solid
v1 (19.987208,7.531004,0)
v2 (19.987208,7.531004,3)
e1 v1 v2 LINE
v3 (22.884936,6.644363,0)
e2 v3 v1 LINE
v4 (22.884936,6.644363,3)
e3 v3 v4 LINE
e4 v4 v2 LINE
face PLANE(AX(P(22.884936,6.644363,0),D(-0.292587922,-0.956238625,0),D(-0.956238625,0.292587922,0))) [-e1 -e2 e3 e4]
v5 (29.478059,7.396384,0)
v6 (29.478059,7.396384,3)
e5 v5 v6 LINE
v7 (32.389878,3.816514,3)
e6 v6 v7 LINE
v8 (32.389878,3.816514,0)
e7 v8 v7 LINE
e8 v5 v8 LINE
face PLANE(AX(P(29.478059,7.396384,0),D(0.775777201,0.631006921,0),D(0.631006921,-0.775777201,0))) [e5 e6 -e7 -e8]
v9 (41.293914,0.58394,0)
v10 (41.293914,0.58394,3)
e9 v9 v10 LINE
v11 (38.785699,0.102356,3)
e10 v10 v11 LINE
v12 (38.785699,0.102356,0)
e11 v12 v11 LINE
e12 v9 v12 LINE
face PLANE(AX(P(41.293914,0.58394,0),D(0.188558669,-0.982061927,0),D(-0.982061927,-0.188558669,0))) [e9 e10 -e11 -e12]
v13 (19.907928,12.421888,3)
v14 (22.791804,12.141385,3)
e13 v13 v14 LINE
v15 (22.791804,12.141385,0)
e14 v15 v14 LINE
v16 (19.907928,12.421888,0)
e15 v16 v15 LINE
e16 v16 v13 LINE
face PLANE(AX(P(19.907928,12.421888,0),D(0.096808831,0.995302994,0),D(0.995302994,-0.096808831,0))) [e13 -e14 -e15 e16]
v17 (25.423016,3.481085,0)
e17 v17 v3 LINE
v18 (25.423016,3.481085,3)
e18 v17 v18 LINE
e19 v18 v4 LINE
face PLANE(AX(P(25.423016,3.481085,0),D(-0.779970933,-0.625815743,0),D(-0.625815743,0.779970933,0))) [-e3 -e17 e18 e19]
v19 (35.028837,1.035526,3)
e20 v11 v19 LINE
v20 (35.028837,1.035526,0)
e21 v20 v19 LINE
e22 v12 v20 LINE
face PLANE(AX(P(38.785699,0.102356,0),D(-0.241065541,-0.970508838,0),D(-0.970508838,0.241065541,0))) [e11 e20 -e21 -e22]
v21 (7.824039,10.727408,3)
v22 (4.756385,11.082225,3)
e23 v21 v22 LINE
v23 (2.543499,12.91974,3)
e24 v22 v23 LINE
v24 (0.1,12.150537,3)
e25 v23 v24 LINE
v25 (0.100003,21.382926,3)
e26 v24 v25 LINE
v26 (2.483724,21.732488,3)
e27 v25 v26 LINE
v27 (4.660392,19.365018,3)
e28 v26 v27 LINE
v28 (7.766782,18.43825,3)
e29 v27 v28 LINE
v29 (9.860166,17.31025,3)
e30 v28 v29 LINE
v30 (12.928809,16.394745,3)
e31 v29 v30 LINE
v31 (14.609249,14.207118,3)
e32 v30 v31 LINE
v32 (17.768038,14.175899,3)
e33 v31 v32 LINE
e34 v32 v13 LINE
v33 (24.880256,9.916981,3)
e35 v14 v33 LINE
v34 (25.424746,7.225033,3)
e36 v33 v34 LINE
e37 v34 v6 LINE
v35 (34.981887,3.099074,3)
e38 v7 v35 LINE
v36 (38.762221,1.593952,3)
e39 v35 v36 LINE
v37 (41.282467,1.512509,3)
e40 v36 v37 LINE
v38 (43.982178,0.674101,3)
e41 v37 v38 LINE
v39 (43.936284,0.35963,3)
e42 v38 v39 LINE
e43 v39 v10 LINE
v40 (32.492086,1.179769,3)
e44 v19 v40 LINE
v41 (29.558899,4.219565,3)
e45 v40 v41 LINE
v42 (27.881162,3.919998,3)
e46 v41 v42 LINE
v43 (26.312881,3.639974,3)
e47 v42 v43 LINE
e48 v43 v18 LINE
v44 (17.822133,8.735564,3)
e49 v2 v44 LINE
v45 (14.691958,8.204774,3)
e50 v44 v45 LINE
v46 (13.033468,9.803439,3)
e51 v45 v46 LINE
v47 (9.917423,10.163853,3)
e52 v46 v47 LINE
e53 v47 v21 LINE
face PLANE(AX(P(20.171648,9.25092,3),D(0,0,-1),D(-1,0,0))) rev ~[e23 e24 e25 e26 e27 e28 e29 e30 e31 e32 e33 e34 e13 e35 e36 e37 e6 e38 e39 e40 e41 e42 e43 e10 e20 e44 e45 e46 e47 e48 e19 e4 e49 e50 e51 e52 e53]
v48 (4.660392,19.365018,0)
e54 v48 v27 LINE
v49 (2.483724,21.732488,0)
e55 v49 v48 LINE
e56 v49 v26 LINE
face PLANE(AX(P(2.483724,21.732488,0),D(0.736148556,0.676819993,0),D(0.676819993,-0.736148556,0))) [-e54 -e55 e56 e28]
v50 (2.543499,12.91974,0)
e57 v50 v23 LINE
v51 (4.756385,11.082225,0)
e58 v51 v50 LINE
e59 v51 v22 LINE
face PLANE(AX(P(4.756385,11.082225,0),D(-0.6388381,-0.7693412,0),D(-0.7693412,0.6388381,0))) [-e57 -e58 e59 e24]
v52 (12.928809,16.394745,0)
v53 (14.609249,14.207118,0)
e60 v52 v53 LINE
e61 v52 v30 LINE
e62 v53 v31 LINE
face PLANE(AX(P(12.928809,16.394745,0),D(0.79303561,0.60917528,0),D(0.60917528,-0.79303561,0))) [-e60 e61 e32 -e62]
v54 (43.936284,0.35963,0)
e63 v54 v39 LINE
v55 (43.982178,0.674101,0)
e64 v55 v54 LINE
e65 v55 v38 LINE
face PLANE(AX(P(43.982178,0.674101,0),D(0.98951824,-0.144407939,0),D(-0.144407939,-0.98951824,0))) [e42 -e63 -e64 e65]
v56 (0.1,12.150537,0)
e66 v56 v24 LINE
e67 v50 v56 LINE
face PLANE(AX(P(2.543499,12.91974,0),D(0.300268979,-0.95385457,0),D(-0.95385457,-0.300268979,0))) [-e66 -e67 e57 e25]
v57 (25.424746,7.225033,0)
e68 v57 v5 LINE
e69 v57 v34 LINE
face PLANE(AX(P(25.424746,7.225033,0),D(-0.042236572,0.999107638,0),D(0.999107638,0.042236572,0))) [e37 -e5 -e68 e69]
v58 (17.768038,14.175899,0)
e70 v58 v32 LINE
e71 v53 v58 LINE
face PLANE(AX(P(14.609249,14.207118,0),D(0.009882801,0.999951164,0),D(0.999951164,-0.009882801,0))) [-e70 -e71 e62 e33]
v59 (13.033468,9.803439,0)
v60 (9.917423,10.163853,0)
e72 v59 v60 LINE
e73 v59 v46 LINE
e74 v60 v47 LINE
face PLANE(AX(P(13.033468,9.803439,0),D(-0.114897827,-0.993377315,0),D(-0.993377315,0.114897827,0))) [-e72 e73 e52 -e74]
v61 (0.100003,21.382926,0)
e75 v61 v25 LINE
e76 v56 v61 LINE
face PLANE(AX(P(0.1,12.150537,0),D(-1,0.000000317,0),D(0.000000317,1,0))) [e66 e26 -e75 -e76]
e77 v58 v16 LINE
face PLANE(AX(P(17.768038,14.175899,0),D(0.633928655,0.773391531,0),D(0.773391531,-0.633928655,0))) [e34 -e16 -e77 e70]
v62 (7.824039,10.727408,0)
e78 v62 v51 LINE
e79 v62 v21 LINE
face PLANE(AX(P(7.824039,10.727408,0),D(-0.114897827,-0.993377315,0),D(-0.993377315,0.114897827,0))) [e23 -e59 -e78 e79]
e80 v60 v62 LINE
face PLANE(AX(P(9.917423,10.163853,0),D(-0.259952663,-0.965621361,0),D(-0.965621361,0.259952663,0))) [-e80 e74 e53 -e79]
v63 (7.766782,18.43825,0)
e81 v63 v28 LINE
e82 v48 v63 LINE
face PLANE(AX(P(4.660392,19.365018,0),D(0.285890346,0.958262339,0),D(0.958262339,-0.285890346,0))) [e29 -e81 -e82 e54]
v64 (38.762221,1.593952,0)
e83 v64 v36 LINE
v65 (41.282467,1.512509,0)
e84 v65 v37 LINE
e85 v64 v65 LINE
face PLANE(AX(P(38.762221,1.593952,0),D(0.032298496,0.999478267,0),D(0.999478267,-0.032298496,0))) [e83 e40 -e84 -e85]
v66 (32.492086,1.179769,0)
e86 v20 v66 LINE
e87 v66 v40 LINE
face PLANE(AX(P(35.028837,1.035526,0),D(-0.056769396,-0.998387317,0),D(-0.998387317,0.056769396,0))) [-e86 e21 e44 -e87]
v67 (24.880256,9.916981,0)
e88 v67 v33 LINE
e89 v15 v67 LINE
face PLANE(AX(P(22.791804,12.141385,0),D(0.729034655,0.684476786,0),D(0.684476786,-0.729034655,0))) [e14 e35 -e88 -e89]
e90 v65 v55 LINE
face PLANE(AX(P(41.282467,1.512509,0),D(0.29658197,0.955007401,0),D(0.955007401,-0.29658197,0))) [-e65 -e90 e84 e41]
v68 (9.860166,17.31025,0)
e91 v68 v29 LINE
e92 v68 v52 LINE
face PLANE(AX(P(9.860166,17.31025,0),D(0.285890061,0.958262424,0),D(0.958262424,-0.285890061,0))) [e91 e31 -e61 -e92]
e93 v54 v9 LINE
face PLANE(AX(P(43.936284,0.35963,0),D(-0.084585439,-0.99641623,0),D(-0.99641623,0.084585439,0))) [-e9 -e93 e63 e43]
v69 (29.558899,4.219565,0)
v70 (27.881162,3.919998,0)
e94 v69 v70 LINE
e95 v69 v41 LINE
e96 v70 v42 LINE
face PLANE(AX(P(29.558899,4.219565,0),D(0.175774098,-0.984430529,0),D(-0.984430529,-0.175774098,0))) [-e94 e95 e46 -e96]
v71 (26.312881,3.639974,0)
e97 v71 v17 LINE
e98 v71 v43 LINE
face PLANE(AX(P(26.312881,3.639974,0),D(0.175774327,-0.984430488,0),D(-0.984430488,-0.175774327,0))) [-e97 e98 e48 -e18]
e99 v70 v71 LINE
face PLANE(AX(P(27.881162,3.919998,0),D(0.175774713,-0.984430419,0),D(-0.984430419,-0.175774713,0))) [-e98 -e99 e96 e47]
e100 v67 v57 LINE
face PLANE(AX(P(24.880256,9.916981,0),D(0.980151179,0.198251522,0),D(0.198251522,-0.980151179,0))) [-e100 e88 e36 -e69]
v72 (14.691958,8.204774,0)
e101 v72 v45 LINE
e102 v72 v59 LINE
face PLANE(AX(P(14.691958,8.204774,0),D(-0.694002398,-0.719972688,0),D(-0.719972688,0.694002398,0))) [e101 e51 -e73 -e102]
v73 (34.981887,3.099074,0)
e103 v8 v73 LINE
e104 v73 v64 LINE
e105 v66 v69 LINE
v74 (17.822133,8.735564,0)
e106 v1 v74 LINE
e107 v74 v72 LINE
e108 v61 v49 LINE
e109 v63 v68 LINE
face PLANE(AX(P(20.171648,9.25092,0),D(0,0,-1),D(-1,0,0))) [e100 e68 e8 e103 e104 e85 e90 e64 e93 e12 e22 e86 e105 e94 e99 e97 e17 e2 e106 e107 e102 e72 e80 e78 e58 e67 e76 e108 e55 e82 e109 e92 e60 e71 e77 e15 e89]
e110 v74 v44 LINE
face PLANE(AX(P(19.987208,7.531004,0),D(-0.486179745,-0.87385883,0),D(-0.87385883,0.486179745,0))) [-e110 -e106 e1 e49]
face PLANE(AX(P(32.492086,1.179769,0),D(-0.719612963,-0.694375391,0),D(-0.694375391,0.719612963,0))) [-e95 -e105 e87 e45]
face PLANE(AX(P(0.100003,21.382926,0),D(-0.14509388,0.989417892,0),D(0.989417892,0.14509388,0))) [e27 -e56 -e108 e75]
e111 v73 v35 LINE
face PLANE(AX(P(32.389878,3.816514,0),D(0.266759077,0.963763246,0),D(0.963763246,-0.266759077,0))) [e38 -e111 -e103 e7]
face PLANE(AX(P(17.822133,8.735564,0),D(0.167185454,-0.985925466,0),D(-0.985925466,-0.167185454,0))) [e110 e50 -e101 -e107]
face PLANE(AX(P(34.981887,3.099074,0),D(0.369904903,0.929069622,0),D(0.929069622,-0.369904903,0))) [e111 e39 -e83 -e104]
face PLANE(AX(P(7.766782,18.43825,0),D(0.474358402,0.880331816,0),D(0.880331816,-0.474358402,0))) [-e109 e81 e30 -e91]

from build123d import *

# Parameters (mm, degrees)
AUFSATZ_LINEAR_AUSTRAGEN1_DEPTH = 3


with BuildPart() as part:
    # Model → Aufsatz-Linear austragen1 (new body)
    with BuildSketch(Plane.XY):
        Polygon((0.100002973, 21.382926037), (2.483723903, 21.732488463), (4.660391968, 19.365018426), (7.766782143, 18.438250331), (9.860166156, 17.310250324), (12.928809347, 16.39474475), (14.609248658, 14.207117874), (17.768038069, 14.175898663), (19.907927605, 12.421887606), (22.791804477, 12.141385336), (24.880255696, 9.916980732), (25.424745963, 7.225032787), (29.47805907, 7.396383747), (32.389877734, 3.816514081), (34.981887273, 3.099074321), (38.762220553, 1.593951582), (41.282467312, 1.51250891), (43.982177547, 0.674101398), (43.936284408, 0.359630474), (41.293914252, 0.58394039), (38.785699445, 0.10235605), (35.028837223, 1.035526349), (32.492086292, 1.179768784), (29.558898953, 4.219564922), (27.881161621, 3.919998058), (26.31288051, 3.639974039), (25.423016437, 3.481084955), (22.884935607, 6.644363115), (19.987208099, 7.531003802), (17.822133234, 8.735563978), (14.691957889, 8.204773563), (13.033468488, 9.803439237), (9.917423285, 10.163852966), (7.824039285, 10.727407966), (4.756385356, 11.082224575), (2.54349926, 12.919739513), (0.100000043, 12.150537333), align=None)
    extrude(amount=AUFSATZ_LINEAR_AUSTRAGEN1_DEPTH)


solid = part.part
